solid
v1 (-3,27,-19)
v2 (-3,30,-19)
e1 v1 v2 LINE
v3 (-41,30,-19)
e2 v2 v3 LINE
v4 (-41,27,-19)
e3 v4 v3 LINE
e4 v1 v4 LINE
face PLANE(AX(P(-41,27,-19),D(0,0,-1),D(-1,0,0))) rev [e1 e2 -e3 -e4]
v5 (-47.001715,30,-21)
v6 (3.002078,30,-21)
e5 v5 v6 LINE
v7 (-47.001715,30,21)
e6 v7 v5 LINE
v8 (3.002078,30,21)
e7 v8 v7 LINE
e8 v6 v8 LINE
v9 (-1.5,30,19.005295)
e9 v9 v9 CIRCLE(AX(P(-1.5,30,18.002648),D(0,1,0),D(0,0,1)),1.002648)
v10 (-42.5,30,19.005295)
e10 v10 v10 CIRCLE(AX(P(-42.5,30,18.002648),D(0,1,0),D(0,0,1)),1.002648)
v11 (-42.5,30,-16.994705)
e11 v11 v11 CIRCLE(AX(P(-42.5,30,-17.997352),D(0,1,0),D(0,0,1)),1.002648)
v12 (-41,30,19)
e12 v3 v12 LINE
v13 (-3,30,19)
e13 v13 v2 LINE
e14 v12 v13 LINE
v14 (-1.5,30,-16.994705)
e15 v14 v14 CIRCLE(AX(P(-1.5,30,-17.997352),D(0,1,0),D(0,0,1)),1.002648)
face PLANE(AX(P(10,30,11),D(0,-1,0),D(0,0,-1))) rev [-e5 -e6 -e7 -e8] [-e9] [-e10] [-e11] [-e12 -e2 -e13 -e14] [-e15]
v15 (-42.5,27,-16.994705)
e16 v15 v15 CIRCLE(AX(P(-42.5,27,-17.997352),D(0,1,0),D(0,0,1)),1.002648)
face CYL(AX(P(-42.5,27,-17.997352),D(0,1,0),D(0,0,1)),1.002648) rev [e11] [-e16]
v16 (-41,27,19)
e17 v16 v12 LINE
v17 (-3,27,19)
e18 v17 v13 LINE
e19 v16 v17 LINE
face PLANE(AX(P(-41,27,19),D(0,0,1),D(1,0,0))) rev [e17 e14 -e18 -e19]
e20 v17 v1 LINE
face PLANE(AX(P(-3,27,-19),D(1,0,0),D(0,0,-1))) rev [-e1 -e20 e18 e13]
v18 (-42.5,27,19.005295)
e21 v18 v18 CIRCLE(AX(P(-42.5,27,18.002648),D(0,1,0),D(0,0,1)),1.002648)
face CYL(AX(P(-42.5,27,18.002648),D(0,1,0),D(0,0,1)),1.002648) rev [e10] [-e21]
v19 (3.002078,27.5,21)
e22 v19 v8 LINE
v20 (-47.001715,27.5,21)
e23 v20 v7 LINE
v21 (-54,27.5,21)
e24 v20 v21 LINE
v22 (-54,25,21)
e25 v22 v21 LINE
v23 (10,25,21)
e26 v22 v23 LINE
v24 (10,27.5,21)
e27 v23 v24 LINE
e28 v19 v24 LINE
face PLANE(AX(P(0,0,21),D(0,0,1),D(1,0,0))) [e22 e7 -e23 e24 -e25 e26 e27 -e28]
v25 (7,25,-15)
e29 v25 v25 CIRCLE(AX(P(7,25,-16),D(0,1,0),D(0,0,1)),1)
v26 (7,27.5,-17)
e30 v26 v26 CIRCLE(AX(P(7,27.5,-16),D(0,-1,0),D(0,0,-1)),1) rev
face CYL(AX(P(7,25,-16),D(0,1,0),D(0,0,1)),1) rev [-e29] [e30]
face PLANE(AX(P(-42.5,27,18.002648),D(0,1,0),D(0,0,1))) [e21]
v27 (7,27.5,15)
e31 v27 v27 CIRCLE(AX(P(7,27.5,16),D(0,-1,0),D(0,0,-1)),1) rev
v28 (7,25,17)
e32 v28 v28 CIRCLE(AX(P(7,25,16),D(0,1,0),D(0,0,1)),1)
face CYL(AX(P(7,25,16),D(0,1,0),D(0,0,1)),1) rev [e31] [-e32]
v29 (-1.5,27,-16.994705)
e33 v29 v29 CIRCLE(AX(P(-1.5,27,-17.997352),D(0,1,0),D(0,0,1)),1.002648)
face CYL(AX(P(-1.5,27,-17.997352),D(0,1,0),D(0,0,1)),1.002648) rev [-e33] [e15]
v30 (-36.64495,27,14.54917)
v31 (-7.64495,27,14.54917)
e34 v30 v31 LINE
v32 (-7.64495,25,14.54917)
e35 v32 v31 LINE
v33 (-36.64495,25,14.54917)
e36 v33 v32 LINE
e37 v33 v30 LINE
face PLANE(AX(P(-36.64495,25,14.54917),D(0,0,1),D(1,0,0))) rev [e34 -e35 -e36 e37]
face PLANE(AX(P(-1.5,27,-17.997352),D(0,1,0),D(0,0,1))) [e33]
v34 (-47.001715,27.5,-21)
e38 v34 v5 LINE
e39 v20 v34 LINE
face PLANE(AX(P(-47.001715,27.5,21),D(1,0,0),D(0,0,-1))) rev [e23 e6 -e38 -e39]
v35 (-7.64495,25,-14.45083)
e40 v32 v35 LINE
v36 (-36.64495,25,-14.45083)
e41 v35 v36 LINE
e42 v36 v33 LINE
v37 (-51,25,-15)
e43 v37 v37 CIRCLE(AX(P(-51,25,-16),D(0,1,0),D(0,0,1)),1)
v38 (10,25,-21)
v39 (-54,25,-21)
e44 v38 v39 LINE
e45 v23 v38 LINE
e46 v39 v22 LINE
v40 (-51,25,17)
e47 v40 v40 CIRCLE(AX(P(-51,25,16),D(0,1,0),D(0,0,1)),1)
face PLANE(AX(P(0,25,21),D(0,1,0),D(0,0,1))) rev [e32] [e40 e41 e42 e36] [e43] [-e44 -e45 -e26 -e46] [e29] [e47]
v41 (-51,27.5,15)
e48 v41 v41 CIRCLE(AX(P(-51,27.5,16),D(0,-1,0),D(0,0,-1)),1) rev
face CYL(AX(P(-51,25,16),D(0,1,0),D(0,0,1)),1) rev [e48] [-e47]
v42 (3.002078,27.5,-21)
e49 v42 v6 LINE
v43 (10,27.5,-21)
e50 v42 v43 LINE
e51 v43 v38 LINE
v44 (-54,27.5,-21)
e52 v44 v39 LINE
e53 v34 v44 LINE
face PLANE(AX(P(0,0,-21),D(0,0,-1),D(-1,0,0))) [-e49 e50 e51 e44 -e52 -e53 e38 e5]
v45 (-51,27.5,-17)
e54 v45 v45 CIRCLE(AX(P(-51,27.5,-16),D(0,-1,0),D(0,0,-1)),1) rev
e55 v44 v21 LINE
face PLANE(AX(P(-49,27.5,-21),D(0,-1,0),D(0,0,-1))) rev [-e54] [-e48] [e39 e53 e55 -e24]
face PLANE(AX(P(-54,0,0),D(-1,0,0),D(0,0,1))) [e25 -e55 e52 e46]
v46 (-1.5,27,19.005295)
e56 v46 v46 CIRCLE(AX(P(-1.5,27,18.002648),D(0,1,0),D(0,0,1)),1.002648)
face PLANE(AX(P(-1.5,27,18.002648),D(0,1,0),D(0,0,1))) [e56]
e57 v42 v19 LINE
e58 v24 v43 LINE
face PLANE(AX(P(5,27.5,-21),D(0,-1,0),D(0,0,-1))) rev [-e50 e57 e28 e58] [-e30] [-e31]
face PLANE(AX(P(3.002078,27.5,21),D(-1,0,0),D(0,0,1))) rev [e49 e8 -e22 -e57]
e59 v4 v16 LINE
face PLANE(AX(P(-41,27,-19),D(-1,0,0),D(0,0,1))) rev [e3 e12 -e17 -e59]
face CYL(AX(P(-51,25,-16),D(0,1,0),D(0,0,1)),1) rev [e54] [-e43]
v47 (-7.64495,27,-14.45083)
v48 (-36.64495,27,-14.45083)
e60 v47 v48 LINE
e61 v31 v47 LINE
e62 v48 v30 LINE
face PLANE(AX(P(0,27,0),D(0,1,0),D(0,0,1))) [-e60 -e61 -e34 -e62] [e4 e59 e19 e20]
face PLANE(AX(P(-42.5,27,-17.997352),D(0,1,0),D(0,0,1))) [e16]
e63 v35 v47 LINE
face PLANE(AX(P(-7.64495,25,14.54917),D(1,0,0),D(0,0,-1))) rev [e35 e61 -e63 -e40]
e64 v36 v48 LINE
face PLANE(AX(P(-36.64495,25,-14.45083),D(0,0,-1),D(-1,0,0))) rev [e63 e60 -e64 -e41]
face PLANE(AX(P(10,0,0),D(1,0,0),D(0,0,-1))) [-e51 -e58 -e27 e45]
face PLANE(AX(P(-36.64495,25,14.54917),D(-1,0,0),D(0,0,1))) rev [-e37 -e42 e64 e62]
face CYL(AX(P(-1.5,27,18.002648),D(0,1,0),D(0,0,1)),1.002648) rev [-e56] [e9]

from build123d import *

# Parameters (mm, degrees)
SKETCH1_R            = 11
SKETCH1_R_2          = 7.5
EXTRUDE_THIN1_DEPTH  = 10
BOSS_EXTRUDE2_DEPTH  = 10
SKETCH6_W            = 10
SKETCH6_H            = 5
BOSS_EXTRUDE3_DEPTH  = 10
SKETCH8_W            = 10
SKETCH8_H            = 5
BOSS_EXTRUDE4_DEPTH  = 10
SKETCH9_W            = 42
SKETCH9_H            = 5
BOSS_EXTRUDE5_DEPTH  = 54
SKETCH19_W           = 38
SKETCH19_H           = 38
CUT_EXTRUDE3_DEPTH   = 3
SKETCH25_W           = 29
SKETCH25_H           = 29
CUT_EXTRUDE4_DEPTH   = 2
SKETCH26_R           = 1.00264766
CUT_EXTRUDE5_DEPTH   = 3
LPATTERN4_COUNT      = 2
LPATTERN4_PITCH      = 36
LPATTERN4_COUNT_DIR2 = 2
LPATTERN4_PITCH_DIR2 = 41
SKETCH29_W           = 22
SKETCH29_H           = 36
CUT_EXTRUDE8_DEPTH   = 10
SKETCH35_R           = 1
CUT_EXTRUDE9_DEPTH   = 5
LPATTERN5_COUNT      = 2
LPATTERN5_PITCH      = 58
LPATTERN5_COUNT_DIR2 = 2
LPATTERN5_PITCH_DIR2 = 32
SKETCH37_W           = 42
SKETCH37_H           = 2.5
CUT_EXTRUDE10_DEPTH  = 5
SKETCH38_W           = 42
SKETCH38_H           = 2.5
CUT_EXTRUDE11_DEPTH  = 5
SKETCH39_W           = 1.998284703
SKETCH39_H           = 42
CUT_EXTRUDE12_DEPTH  = 2.5
SKETCH41_W           = 1.997921913
SKETCH41_H           = 42
CUT_EXTRUDE13_DEPTH  = 2.5


with BuildPart() as part:
    # Sketch1 → Extrude-Thin1 (new body)
    with BuildSketch(Plane(origin=(0, 0, 0), x_dir=(0, 0, -1), z_dir=(1, 0, 0))):
        Circle(SKETCH1_R)
        Circle(SKETCH1_R_2, mode=Mode.SUBTRACT)
    extrude(amount=EXTRUDE_THIN1_DEPTH)

    # Sketch3 → Boss-Extrude2 (add)
    with BuildSketch(Plane(origin=(0, 0, 0), x_dir=(0, 0, -1), z_dir=(1, 0, 0))):
        with BuildLine():
            Line((-11, 0), (-11, 30))
            Line((-11, 30), (11, 30))
            Line((11, 30), (11, 0))
            ThreePointArc((11, 0), (0, 11), (-11, 0))
        make_face()
    extrude(amount=BOSS_EXTRUDE2_DEPTH)

    # Sketch6 → Boss-Extrude3 (add)
    with BuildSketch(Plane.XY.offset(11)):
        with Locations((5, 27.5)):
            Rectangle(SKETCH6_W, SKETCH6_H)
    extrude(amount=BOSS_EXTRUDE3_DEPTH)

    # Sketch8 → Boss-Extrude4 (add)
    with BuildSketch(Plane(origin=(0, 0, -11), x_dir=(-1, 0, 0), z_dir=(0, 0, -1))):
        with Locations((-5, 27.5)):
            Rectangle(SKETCH8_W, SKETCH8_H)
    extrude(amount=BOSS_EXTRUDE4_DEPTH)

    # Sketch9 → Boss-Extrude5 (add)
    with BuildSketch(Plane.ZY):
        with Locations((0, 27.5)):
            Rectangle(SKETCH9_W, SKETCH9_H)
    extrude(amount=BOSS_EXTRUDE5_DEPTH)

    # Sketch19 → Cut-Extrude3 (cut)
    with BuildSketch(Plane(origin=(0, 30, 0), x_dir=(1, 0, 0), z_dir=(0, 1, 0))):
        with Locations((-22, 0)):
            Rectangle(SKETCH19_W, SKETCH19_H)
    extrude(amount=-CUT_EXTRUDE3_DEPTH, mode=Mode.SUBTRACT)

    # Sketch25 → Cut-Extrude4 (cut)
    with BuildSketch(Plane(origin=(0, 27, 0), x_dir=(1, 0, 0), z_dir=(0, 1, 0))):
        with Locations((-22.144950272, -0.049169749)):
            Rectangle(SKETCH25_W, SKETCH25_H)
    extrude(amount=-CUT_EXTRUDE4_DEPTH, mode=Mode.SUBTRACT)

    # Sketch26 → Cut-Extrude5 (cut)
    with BuildSketch(Plane(origin=(0, 30, 0), x_dir=(1, 0, 0), z_dir=(0, 1, 0))):
        with Locations(Location((-1.5, 17.99735234, 0), (0, 0, 270))):
            Circle(SKETCH26_R)
    cut_extrude5 = extrude(amount=-CUT_EXTRUDE5_DEPTH, mode=Mode.SUBTRACT)

    # LPattern4: Cut-Extrude5 2 × 2
    with Locations(*[(-j * LPATTERN4_PITCH_DIR2, 0, i * LPATTERN4_PITCH) for i in range(LPATTERN4_COUNT) for j in range(LPATTERN4_COUNT_DIR2) if (i, j) != (0, 0)]):
        add(cut_extrude5, mode=Mode.SUBTRACT)

    # Sketch29 → Cut-Extrude8 (cut)
    with BuildSketch(Plane(origin=(10, 0, 0), x_dir=(0, 0, -1), z_dir=(1, 0, 0))):
        with Locations((0, 7)):
            Rectangle(SKETCH29_W, SKETCH29_H)
    extrude(amount=-CUT_EXTRUDE8_DEPTH, mode=Mode.SUBTRACT)

    # Sketch35 → Cut-Extrude9 (cut)
    with BuildSketch(Plane(origin=(0, 30, 0), x_dir=(1, 0, 0), z_dir=(0, 1, 0))):
        with Locations(Location((7, 16, 0), (0, 0, 270))):
            Circle(SKETCH35_R)
    cut_extrude9 = extrude(amount=-CUT_EXTRUDE9_DEPTH, mode=Mode.SUBTRACT)

    # LPattern5: Cut-Extrude9 2 × 2
    with Locations(*[(-i * LPATTERN5_PITCH, 0, j * LPATTERN5_PITCH_DIR2) for i in range(LPATTERN5_COUNT) for j in range(LPATTERN5_COUNT_DIR2) if (i, j) != (0, 0)]):
        add(cut_extrude9, mode=Mode.SUBTRACT)

    # Sketch37 → Cut-Extrude10 (cut)
    with BuildSketch(Plane(origin=(10, 0, 0), x_dir=(0, 0, -1), z_dir=(1, 0, 0))):
        with Locations((0, 28.75)):
            Rectangle(SKETCH37_W, SKETCH37_H)
    extrude(amount=-CUT_EXTRUDE10_DEPTH, mode=Mode.SUBTRACT)

    # Sketch38 → Cut-Extrude11 (cut)
    with BuildSketch(Plane.ZY.offset(54)):
        with Locations((0, 28.75)):
            Rectangle(SKETCH38_W, SKETCH38_H)
    extrude(amount=-CUT_EXTRUDE11_DEPTH, mode=Mode.SUBTRACT)

    # Sketch39 → Cut-Extrude12 (cut)
    with BuildSketch(Plane(origin=(0, 30, 0), x_dir=(1, 0, 0), z_dir=(0, 1, 0))):
        with Locations((-48.000857649, 0)):
            Rectangle(SKETCH39_W, SKETCH39_H)
    extrude(amount=-CUT_EXTRUDE12_DEPTH, mode=Mode.SUBTRACT)

    # Sketch41 → Cut-Extrude13 (cut)
    with BuildSketch(Plane(origin=(0, 30, 0), x_dir=(1, 0, 0), z_dir=(0, 1, 0))):
        with Locations((4.001039044, 0)):
            Rectangle(SKETCH41_W, SKETCH41_H)
    extrude(amount=-CUT_EXTRUDE13_DEPTH, mode=Mode.SUBTRACT)


solid = part.part
